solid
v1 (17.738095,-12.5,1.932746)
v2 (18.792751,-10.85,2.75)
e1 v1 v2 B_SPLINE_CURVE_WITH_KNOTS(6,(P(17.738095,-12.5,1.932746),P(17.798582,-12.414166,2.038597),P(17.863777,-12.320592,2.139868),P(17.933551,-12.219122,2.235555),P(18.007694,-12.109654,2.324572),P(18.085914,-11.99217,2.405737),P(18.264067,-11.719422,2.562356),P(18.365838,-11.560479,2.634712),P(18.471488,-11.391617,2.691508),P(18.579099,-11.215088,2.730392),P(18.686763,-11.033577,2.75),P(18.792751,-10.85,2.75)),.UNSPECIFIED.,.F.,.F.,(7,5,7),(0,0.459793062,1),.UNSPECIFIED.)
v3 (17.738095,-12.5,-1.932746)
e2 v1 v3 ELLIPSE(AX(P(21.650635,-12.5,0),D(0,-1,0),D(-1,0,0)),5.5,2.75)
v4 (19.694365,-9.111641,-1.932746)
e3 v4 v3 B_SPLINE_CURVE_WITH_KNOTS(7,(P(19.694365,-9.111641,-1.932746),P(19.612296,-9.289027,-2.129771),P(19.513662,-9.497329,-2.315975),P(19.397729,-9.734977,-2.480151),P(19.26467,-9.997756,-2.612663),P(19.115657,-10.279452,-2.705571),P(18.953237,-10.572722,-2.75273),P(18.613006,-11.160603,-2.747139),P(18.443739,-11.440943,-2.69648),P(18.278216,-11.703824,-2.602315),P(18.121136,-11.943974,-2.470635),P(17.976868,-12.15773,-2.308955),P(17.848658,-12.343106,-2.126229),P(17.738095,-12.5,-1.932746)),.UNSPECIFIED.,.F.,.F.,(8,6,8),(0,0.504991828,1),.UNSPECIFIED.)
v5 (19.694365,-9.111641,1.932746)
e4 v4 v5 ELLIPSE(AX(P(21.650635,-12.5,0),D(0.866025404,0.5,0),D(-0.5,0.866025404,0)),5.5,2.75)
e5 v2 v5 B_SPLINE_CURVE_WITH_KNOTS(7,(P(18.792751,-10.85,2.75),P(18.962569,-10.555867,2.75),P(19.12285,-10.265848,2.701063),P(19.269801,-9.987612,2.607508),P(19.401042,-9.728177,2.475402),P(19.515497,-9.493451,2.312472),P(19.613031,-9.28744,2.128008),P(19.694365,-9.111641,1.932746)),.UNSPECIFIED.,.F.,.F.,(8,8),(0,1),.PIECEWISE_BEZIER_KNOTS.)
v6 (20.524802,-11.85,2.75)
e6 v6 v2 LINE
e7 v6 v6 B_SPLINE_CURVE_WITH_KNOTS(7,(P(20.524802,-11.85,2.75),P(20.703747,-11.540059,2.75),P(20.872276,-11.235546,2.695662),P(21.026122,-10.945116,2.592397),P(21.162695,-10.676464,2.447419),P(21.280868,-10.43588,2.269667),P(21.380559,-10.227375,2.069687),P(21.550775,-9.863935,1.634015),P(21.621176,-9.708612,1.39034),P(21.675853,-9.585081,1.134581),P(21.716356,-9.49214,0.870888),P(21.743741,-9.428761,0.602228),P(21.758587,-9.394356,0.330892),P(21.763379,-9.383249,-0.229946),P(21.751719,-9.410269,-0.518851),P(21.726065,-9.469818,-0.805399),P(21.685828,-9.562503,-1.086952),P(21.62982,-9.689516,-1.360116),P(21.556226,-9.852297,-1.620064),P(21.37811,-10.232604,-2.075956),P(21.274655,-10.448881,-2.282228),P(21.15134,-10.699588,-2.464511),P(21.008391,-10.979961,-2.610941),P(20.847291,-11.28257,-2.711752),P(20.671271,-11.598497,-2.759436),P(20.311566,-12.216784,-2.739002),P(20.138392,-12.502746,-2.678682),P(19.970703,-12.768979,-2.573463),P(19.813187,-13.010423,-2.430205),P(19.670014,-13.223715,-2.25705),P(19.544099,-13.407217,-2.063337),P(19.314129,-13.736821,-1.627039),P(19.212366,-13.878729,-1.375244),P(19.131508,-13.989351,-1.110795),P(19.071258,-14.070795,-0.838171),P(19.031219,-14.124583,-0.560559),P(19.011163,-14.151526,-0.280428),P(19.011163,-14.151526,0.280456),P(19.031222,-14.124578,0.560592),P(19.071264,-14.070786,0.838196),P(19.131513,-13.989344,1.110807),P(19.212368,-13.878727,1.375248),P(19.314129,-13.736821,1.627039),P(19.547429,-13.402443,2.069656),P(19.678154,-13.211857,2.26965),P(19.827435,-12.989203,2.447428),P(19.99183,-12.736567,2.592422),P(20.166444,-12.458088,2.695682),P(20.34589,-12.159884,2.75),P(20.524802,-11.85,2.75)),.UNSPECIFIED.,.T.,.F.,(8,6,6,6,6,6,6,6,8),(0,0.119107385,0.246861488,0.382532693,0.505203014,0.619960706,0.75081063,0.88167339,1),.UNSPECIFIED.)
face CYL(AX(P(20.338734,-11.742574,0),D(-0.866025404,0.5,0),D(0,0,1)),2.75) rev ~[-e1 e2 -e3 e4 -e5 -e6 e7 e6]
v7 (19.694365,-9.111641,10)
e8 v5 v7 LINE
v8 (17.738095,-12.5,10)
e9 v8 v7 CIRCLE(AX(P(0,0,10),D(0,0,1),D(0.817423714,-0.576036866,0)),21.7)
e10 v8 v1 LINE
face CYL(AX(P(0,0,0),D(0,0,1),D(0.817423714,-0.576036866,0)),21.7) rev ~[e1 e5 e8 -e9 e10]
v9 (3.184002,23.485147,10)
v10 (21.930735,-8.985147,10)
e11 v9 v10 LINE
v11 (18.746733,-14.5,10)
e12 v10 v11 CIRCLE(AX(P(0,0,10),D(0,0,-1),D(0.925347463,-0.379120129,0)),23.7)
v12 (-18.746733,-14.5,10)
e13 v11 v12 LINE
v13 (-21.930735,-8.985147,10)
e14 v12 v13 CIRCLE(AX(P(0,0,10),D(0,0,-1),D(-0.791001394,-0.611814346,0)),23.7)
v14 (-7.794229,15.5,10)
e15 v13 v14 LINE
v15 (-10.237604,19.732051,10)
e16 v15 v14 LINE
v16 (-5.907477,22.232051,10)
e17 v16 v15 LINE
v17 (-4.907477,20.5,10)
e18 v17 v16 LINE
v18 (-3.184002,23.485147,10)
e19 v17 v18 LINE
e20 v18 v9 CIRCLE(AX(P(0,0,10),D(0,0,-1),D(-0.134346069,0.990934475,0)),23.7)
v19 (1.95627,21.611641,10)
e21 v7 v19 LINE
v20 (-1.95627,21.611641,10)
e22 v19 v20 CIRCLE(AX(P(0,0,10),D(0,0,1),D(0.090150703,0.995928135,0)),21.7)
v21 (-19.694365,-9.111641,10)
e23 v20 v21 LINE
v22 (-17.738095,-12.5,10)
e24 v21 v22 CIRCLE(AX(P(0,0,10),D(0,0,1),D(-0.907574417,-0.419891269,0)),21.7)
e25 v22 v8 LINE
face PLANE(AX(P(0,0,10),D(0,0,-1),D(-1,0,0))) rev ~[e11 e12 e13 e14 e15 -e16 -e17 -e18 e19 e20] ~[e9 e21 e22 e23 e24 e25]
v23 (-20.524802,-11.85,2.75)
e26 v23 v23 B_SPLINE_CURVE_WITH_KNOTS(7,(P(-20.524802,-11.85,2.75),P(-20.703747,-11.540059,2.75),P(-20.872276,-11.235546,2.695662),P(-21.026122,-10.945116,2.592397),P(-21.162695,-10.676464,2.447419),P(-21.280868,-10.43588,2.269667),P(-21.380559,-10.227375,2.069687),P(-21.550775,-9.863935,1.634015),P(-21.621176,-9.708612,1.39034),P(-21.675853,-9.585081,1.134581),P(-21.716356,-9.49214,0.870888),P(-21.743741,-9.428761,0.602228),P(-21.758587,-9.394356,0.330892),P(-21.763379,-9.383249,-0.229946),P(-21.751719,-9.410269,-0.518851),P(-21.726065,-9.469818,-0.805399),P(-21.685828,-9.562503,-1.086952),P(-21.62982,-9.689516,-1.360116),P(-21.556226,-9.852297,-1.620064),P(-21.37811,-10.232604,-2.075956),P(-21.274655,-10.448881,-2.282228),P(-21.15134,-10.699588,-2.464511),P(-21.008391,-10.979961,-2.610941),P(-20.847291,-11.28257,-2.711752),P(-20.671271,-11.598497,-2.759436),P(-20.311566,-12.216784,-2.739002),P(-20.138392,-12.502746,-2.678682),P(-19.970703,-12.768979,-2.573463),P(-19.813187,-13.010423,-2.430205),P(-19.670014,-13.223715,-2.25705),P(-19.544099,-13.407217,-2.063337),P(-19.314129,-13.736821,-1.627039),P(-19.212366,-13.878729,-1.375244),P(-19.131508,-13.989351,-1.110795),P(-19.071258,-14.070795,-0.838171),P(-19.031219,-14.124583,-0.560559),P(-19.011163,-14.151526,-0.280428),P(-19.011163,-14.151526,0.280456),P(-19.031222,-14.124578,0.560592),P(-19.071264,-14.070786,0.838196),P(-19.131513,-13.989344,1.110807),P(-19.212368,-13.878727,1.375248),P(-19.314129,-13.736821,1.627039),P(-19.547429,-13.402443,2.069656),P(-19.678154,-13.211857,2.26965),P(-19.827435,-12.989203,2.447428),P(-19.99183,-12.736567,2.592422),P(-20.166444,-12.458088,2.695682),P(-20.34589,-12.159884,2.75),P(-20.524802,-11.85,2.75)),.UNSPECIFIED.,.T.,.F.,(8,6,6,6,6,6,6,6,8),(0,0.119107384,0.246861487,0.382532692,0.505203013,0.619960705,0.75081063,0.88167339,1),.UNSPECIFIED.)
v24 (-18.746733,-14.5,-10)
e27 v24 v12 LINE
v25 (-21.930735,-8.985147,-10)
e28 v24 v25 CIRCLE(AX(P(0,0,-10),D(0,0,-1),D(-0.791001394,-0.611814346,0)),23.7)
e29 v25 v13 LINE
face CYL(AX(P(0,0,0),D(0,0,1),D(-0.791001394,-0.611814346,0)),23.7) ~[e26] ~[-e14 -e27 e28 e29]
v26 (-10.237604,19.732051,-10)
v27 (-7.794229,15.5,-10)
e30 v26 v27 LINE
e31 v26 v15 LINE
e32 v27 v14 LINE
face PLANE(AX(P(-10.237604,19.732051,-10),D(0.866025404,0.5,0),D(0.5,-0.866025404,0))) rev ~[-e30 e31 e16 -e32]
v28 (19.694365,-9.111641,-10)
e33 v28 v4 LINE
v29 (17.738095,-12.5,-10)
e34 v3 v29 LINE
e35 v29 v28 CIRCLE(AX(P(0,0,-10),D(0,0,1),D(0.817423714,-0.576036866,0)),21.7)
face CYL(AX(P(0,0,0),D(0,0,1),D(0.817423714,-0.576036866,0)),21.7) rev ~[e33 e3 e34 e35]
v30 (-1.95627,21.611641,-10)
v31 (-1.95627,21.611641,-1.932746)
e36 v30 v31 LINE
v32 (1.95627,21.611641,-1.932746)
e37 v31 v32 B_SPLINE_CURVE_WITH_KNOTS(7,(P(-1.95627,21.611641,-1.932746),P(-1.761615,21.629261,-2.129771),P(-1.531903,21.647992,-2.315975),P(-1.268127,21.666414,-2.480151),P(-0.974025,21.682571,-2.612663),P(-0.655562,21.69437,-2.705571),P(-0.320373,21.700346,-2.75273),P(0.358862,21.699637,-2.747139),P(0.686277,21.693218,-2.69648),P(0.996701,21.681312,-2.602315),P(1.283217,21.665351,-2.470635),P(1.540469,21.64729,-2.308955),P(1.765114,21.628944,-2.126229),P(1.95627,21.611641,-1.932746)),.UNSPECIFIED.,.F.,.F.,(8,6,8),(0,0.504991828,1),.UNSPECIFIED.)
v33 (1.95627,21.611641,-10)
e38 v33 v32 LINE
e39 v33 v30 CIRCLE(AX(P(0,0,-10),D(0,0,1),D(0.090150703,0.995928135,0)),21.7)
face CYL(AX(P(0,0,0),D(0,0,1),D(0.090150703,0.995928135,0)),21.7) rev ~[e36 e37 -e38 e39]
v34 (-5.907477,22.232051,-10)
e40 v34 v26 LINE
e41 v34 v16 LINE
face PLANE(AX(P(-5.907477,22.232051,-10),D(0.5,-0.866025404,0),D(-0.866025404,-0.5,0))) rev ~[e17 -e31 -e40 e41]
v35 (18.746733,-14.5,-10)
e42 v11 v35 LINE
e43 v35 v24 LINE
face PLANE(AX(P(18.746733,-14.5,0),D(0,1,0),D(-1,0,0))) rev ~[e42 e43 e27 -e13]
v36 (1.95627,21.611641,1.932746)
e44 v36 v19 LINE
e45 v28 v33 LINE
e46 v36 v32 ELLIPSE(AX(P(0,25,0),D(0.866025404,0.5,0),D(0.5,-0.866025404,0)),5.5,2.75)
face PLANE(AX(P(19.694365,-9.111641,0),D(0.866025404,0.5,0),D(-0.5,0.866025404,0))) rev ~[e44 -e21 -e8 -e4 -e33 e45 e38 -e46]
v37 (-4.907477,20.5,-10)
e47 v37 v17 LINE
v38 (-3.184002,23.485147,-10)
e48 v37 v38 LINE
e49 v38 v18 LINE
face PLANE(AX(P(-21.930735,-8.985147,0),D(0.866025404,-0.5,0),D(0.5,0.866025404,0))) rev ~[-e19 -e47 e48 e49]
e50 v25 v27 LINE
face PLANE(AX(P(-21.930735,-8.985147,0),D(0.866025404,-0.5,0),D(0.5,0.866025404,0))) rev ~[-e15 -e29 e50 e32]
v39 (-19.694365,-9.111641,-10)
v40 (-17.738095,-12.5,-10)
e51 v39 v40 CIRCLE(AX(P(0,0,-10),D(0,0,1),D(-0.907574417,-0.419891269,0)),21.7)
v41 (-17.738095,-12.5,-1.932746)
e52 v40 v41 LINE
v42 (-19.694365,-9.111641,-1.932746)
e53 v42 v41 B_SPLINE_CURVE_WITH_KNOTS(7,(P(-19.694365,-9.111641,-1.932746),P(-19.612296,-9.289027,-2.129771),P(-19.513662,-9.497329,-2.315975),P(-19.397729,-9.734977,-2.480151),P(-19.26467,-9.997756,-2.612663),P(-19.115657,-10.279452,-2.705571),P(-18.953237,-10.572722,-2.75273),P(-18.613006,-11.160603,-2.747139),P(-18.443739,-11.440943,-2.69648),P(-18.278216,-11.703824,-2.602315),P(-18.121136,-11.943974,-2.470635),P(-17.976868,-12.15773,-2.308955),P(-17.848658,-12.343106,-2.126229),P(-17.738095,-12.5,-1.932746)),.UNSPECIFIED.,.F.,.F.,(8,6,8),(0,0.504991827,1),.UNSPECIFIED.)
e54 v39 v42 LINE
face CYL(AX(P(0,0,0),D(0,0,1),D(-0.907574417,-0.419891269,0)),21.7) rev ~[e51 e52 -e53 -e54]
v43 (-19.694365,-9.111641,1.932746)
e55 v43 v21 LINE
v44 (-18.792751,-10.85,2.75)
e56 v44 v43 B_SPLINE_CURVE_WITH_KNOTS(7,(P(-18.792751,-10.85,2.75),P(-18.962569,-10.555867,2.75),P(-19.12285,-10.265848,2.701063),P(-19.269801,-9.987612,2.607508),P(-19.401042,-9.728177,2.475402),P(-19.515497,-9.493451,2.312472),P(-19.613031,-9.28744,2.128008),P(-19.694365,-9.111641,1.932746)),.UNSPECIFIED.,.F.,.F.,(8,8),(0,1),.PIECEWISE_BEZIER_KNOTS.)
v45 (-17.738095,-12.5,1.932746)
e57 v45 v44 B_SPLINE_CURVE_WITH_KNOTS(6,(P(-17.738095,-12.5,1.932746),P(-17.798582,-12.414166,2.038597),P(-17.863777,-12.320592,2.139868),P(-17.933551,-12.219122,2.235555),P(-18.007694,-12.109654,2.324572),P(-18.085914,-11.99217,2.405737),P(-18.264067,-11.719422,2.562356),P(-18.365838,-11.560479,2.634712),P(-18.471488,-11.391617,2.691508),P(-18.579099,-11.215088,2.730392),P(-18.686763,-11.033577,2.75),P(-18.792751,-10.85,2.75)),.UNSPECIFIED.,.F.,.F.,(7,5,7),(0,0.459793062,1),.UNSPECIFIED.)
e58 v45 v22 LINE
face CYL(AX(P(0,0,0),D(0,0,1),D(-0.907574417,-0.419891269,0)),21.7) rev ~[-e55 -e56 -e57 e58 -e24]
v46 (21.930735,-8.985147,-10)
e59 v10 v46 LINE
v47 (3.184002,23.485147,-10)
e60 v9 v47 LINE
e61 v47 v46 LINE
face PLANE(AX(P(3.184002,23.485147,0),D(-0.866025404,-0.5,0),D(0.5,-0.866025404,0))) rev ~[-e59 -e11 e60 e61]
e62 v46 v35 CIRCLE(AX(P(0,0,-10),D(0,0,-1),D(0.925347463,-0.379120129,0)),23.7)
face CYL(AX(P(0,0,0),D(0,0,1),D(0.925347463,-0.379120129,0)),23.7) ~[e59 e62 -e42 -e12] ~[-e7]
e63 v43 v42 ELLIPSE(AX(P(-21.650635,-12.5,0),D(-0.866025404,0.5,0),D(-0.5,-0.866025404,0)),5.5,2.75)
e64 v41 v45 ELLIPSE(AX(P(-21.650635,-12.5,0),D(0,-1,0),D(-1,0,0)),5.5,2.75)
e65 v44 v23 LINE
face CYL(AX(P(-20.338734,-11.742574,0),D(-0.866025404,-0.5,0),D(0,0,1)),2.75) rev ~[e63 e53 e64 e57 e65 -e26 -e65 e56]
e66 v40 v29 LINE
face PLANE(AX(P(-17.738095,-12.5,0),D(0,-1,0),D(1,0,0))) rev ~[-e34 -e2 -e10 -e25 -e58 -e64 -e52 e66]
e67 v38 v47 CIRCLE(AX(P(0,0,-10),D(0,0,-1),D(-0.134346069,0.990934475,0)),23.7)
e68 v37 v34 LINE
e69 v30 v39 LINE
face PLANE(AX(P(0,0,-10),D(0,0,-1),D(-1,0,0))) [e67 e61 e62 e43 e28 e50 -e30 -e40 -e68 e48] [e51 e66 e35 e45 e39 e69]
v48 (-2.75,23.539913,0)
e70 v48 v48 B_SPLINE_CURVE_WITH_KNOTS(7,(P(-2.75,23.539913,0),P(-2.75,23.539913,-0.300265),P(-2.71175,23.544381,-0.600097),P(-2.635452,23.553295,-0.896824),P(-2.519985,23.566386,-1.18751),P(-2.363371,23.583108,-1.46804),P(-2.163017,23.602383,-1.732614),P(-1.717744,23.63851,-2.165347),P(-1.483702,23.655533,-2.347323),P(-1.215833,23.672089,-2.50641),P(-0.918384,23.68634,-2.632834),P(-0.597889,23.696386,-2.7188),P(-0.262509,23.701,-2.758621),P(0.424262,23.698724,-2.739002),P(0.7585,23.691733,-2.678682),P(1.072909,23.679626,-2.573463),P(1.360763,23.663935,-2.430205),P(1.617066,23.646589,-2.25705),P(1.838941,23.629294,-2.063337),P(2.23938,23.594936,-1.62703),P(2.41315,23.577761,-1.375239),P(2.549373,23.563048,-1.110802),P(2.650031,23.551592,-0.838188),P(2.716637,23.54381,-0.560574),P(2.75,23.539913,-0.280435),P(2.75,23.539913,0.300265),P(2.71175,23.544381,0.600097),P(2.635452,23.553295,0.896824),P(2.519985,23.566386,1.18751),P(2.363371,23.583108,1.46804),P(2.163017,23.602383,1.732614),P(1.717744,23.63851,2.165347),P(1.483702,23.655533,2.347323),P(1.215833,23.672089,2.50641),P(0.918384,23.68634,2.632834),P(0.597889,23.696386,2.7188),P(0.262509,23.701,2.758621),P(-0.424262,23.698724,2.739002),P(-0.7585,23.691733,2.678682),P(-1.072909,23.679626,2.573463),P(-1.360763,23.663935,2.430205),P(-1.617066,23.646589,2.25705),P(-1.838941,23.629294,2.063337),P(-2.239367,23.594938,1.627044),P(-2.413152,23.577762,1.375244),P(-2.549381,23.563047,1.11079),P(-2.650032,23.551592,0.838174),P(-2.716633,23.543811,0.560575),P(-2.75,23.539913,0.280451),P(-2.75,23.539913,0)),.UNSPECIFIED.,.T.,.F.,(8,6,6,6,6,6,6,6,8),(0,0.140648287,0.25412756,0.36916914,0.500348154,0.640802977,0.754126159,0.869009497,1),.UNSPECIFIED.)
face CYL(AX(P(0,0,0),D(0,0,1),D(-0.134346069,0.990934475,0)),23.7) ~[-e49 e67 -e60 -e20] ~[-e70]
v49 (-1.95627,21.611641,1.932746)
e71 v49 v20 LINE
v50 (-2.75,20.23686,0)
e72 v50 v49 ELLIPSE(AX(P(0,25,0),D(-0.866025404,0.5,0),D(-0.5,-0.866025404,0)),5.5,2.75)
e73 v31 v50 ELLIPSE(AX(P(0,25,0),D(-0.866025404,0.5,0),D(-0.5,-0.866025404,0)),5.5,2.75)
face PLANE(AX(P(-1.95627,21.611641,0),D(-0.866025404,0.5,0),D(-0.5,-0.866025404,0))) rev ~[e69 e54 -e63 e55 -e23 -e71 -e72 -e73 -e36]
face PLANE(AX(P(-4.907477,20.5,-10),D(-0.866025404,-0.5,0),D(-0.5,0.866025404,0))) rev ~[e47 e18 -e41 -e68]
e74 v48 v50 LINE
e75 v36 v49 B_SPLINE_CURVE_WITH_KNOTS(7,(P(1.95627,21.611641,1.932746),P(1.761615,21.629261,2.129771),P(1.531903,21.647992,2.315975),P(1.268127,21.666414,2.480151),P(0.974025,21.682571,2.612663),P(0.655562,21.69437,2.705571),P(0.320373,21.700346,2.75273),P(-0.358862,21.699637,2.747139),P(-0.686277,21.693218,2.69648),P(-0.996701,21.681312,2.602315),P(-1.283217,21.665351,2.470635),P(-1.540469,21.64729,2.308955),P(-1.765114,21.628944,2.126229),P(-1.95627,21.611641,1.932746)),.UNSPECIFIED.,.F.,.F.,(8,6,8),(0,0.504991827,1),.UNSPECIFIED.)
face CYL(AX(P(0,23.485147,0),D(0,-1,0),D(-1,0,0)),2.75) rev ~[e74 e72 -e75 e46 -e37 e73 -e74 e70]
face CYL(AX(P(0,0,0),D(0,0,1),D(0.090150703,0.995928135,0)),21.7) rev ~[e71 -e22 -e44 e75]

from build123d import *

# Parameters (mm, degrees)
BOSS_EXTRU_1_DEPTH      = 10
ESQUISSE2_R             = 2.75
ENL_V_MAT_EXTRU_1_DEPTH = 10
ESQUISSE3_R             = 2.75
ENL_V_MAT_EXTRU_2_DEPTH = 10
ESQUISSE4_R             = 2.75
ENL_V_MAT_EXTRU_3_DEPTH = 10
BOSS_EXTRU_4_DEPTH      = 20


with BuildPart() as part:
    # Esquisse1 → Boss.-Extru.1 (new body, symmetric)
    with BuildSketch(Plane.XY):
        with BuildLine():
            ThreePointArc((-3.184001831, 23.485147058), (0, 23.7), (3.184001831, 23.485147058))
            Line((3.184001831, 23.485147058), (21.930734879, -8.985147058))
            ThreePointArc((21.930734879, -8.985147058), (20.52480207, -11.85), (18.746733049, -14.5))
            Line((18.746733049, -14.5), (-18.746733049, -14.5))
            ThreePointArc((-18.746733049, -14.5), (-20.52480207, -11.85), (-21.930734879, -8.985147058))
            Line((-21.930734879, -8.985147058), (-3.184001831, 23.485147058))
        make_face()
        with BuildLine():
            ThreePointArc((17.738094599, -12.5), (18.792751262, -10.85), (19.694364847, -9.111640537))
            Line((19.694364847, -9.111640537), (1.956270248, 21.611640537))
            ThreePointArc((1.956270248, 21.611640537), (0, 21.7), (-1.956270248, 21.611640537))
            Line((-1.956270248, 21.611640537), (-19.694364847, -9.111640537))
            ThreePointArc((-19.694364847, -9.111640537), (-18.792751262, -10.85), (-17.738094599, -12.5))
            Line((-17.738094599, -12.5), (17.738094599, -12.5))
        make_face(mode=Mode.SUBTRACT)
    extrude(amount=BOSS_EXTRU_1_DEPTH, both=True)

    # Esquisse2 → Enlèv. mat.-Extru.1 (cut, symmetric)
    with BuildSketch(Plane(origin=(20.338733964, -11.742573529, 0), x_dir=(0, 0, 1), z_dir=(-0.866025404, 0.5, 0))):
        Circle(ESQUISSE2_R)
    extrude(amount=ENL_V_MAT_EXTRU_1_DEPTH, both=True, mode=Mode.SUBTRACT)

    # Esquisse3 → Enlèv. mat.-Extru.2 (cut, symmetric)
    with BuildSketch(Plane(origin=(-20.338733964, -11.742573529, 0), x_dir=(0, 0, 1), z_dir=(-0.866025404, -0.5, 0))):
        Circle(ESQUISSE3_R)
    extrude(amount=ENL_V_MAT_EXTRU_2_DEPTH, both=True, mode=Mode.SUBTRACT)

    # Esquisse4 → Enlèv. mat.-Extru.3 (cut, symmetric)
    with BuildSketch(Plane(origin=(0, 23.485147058, 0), x_dir=(-1, 0, 0), z_dir=(0, -1, 0))):
        Circle(ESQUISSE4_R)
    extrude(amount=ENL_V_MAT_EXTRU_3_DEPTH, both=True, mode=Mode.SUBTRACT)

    # Esquisse6 → Boss.-Extru.4 (add)
    with BuildSketch(Plane(origin=(0, 0, -10), x_dir=(-1, 0, 0), z_dir=(0, 0, -1))):
        Polygon((4.907477288, 20.5), (5.907477288, 22.232050808), (10.237604307, 19.732050808), (7.794228634, 15.5), align=None)
    extrude(amount=-BOSS_EXTRU_4_DEPTH)


solid = part.part
